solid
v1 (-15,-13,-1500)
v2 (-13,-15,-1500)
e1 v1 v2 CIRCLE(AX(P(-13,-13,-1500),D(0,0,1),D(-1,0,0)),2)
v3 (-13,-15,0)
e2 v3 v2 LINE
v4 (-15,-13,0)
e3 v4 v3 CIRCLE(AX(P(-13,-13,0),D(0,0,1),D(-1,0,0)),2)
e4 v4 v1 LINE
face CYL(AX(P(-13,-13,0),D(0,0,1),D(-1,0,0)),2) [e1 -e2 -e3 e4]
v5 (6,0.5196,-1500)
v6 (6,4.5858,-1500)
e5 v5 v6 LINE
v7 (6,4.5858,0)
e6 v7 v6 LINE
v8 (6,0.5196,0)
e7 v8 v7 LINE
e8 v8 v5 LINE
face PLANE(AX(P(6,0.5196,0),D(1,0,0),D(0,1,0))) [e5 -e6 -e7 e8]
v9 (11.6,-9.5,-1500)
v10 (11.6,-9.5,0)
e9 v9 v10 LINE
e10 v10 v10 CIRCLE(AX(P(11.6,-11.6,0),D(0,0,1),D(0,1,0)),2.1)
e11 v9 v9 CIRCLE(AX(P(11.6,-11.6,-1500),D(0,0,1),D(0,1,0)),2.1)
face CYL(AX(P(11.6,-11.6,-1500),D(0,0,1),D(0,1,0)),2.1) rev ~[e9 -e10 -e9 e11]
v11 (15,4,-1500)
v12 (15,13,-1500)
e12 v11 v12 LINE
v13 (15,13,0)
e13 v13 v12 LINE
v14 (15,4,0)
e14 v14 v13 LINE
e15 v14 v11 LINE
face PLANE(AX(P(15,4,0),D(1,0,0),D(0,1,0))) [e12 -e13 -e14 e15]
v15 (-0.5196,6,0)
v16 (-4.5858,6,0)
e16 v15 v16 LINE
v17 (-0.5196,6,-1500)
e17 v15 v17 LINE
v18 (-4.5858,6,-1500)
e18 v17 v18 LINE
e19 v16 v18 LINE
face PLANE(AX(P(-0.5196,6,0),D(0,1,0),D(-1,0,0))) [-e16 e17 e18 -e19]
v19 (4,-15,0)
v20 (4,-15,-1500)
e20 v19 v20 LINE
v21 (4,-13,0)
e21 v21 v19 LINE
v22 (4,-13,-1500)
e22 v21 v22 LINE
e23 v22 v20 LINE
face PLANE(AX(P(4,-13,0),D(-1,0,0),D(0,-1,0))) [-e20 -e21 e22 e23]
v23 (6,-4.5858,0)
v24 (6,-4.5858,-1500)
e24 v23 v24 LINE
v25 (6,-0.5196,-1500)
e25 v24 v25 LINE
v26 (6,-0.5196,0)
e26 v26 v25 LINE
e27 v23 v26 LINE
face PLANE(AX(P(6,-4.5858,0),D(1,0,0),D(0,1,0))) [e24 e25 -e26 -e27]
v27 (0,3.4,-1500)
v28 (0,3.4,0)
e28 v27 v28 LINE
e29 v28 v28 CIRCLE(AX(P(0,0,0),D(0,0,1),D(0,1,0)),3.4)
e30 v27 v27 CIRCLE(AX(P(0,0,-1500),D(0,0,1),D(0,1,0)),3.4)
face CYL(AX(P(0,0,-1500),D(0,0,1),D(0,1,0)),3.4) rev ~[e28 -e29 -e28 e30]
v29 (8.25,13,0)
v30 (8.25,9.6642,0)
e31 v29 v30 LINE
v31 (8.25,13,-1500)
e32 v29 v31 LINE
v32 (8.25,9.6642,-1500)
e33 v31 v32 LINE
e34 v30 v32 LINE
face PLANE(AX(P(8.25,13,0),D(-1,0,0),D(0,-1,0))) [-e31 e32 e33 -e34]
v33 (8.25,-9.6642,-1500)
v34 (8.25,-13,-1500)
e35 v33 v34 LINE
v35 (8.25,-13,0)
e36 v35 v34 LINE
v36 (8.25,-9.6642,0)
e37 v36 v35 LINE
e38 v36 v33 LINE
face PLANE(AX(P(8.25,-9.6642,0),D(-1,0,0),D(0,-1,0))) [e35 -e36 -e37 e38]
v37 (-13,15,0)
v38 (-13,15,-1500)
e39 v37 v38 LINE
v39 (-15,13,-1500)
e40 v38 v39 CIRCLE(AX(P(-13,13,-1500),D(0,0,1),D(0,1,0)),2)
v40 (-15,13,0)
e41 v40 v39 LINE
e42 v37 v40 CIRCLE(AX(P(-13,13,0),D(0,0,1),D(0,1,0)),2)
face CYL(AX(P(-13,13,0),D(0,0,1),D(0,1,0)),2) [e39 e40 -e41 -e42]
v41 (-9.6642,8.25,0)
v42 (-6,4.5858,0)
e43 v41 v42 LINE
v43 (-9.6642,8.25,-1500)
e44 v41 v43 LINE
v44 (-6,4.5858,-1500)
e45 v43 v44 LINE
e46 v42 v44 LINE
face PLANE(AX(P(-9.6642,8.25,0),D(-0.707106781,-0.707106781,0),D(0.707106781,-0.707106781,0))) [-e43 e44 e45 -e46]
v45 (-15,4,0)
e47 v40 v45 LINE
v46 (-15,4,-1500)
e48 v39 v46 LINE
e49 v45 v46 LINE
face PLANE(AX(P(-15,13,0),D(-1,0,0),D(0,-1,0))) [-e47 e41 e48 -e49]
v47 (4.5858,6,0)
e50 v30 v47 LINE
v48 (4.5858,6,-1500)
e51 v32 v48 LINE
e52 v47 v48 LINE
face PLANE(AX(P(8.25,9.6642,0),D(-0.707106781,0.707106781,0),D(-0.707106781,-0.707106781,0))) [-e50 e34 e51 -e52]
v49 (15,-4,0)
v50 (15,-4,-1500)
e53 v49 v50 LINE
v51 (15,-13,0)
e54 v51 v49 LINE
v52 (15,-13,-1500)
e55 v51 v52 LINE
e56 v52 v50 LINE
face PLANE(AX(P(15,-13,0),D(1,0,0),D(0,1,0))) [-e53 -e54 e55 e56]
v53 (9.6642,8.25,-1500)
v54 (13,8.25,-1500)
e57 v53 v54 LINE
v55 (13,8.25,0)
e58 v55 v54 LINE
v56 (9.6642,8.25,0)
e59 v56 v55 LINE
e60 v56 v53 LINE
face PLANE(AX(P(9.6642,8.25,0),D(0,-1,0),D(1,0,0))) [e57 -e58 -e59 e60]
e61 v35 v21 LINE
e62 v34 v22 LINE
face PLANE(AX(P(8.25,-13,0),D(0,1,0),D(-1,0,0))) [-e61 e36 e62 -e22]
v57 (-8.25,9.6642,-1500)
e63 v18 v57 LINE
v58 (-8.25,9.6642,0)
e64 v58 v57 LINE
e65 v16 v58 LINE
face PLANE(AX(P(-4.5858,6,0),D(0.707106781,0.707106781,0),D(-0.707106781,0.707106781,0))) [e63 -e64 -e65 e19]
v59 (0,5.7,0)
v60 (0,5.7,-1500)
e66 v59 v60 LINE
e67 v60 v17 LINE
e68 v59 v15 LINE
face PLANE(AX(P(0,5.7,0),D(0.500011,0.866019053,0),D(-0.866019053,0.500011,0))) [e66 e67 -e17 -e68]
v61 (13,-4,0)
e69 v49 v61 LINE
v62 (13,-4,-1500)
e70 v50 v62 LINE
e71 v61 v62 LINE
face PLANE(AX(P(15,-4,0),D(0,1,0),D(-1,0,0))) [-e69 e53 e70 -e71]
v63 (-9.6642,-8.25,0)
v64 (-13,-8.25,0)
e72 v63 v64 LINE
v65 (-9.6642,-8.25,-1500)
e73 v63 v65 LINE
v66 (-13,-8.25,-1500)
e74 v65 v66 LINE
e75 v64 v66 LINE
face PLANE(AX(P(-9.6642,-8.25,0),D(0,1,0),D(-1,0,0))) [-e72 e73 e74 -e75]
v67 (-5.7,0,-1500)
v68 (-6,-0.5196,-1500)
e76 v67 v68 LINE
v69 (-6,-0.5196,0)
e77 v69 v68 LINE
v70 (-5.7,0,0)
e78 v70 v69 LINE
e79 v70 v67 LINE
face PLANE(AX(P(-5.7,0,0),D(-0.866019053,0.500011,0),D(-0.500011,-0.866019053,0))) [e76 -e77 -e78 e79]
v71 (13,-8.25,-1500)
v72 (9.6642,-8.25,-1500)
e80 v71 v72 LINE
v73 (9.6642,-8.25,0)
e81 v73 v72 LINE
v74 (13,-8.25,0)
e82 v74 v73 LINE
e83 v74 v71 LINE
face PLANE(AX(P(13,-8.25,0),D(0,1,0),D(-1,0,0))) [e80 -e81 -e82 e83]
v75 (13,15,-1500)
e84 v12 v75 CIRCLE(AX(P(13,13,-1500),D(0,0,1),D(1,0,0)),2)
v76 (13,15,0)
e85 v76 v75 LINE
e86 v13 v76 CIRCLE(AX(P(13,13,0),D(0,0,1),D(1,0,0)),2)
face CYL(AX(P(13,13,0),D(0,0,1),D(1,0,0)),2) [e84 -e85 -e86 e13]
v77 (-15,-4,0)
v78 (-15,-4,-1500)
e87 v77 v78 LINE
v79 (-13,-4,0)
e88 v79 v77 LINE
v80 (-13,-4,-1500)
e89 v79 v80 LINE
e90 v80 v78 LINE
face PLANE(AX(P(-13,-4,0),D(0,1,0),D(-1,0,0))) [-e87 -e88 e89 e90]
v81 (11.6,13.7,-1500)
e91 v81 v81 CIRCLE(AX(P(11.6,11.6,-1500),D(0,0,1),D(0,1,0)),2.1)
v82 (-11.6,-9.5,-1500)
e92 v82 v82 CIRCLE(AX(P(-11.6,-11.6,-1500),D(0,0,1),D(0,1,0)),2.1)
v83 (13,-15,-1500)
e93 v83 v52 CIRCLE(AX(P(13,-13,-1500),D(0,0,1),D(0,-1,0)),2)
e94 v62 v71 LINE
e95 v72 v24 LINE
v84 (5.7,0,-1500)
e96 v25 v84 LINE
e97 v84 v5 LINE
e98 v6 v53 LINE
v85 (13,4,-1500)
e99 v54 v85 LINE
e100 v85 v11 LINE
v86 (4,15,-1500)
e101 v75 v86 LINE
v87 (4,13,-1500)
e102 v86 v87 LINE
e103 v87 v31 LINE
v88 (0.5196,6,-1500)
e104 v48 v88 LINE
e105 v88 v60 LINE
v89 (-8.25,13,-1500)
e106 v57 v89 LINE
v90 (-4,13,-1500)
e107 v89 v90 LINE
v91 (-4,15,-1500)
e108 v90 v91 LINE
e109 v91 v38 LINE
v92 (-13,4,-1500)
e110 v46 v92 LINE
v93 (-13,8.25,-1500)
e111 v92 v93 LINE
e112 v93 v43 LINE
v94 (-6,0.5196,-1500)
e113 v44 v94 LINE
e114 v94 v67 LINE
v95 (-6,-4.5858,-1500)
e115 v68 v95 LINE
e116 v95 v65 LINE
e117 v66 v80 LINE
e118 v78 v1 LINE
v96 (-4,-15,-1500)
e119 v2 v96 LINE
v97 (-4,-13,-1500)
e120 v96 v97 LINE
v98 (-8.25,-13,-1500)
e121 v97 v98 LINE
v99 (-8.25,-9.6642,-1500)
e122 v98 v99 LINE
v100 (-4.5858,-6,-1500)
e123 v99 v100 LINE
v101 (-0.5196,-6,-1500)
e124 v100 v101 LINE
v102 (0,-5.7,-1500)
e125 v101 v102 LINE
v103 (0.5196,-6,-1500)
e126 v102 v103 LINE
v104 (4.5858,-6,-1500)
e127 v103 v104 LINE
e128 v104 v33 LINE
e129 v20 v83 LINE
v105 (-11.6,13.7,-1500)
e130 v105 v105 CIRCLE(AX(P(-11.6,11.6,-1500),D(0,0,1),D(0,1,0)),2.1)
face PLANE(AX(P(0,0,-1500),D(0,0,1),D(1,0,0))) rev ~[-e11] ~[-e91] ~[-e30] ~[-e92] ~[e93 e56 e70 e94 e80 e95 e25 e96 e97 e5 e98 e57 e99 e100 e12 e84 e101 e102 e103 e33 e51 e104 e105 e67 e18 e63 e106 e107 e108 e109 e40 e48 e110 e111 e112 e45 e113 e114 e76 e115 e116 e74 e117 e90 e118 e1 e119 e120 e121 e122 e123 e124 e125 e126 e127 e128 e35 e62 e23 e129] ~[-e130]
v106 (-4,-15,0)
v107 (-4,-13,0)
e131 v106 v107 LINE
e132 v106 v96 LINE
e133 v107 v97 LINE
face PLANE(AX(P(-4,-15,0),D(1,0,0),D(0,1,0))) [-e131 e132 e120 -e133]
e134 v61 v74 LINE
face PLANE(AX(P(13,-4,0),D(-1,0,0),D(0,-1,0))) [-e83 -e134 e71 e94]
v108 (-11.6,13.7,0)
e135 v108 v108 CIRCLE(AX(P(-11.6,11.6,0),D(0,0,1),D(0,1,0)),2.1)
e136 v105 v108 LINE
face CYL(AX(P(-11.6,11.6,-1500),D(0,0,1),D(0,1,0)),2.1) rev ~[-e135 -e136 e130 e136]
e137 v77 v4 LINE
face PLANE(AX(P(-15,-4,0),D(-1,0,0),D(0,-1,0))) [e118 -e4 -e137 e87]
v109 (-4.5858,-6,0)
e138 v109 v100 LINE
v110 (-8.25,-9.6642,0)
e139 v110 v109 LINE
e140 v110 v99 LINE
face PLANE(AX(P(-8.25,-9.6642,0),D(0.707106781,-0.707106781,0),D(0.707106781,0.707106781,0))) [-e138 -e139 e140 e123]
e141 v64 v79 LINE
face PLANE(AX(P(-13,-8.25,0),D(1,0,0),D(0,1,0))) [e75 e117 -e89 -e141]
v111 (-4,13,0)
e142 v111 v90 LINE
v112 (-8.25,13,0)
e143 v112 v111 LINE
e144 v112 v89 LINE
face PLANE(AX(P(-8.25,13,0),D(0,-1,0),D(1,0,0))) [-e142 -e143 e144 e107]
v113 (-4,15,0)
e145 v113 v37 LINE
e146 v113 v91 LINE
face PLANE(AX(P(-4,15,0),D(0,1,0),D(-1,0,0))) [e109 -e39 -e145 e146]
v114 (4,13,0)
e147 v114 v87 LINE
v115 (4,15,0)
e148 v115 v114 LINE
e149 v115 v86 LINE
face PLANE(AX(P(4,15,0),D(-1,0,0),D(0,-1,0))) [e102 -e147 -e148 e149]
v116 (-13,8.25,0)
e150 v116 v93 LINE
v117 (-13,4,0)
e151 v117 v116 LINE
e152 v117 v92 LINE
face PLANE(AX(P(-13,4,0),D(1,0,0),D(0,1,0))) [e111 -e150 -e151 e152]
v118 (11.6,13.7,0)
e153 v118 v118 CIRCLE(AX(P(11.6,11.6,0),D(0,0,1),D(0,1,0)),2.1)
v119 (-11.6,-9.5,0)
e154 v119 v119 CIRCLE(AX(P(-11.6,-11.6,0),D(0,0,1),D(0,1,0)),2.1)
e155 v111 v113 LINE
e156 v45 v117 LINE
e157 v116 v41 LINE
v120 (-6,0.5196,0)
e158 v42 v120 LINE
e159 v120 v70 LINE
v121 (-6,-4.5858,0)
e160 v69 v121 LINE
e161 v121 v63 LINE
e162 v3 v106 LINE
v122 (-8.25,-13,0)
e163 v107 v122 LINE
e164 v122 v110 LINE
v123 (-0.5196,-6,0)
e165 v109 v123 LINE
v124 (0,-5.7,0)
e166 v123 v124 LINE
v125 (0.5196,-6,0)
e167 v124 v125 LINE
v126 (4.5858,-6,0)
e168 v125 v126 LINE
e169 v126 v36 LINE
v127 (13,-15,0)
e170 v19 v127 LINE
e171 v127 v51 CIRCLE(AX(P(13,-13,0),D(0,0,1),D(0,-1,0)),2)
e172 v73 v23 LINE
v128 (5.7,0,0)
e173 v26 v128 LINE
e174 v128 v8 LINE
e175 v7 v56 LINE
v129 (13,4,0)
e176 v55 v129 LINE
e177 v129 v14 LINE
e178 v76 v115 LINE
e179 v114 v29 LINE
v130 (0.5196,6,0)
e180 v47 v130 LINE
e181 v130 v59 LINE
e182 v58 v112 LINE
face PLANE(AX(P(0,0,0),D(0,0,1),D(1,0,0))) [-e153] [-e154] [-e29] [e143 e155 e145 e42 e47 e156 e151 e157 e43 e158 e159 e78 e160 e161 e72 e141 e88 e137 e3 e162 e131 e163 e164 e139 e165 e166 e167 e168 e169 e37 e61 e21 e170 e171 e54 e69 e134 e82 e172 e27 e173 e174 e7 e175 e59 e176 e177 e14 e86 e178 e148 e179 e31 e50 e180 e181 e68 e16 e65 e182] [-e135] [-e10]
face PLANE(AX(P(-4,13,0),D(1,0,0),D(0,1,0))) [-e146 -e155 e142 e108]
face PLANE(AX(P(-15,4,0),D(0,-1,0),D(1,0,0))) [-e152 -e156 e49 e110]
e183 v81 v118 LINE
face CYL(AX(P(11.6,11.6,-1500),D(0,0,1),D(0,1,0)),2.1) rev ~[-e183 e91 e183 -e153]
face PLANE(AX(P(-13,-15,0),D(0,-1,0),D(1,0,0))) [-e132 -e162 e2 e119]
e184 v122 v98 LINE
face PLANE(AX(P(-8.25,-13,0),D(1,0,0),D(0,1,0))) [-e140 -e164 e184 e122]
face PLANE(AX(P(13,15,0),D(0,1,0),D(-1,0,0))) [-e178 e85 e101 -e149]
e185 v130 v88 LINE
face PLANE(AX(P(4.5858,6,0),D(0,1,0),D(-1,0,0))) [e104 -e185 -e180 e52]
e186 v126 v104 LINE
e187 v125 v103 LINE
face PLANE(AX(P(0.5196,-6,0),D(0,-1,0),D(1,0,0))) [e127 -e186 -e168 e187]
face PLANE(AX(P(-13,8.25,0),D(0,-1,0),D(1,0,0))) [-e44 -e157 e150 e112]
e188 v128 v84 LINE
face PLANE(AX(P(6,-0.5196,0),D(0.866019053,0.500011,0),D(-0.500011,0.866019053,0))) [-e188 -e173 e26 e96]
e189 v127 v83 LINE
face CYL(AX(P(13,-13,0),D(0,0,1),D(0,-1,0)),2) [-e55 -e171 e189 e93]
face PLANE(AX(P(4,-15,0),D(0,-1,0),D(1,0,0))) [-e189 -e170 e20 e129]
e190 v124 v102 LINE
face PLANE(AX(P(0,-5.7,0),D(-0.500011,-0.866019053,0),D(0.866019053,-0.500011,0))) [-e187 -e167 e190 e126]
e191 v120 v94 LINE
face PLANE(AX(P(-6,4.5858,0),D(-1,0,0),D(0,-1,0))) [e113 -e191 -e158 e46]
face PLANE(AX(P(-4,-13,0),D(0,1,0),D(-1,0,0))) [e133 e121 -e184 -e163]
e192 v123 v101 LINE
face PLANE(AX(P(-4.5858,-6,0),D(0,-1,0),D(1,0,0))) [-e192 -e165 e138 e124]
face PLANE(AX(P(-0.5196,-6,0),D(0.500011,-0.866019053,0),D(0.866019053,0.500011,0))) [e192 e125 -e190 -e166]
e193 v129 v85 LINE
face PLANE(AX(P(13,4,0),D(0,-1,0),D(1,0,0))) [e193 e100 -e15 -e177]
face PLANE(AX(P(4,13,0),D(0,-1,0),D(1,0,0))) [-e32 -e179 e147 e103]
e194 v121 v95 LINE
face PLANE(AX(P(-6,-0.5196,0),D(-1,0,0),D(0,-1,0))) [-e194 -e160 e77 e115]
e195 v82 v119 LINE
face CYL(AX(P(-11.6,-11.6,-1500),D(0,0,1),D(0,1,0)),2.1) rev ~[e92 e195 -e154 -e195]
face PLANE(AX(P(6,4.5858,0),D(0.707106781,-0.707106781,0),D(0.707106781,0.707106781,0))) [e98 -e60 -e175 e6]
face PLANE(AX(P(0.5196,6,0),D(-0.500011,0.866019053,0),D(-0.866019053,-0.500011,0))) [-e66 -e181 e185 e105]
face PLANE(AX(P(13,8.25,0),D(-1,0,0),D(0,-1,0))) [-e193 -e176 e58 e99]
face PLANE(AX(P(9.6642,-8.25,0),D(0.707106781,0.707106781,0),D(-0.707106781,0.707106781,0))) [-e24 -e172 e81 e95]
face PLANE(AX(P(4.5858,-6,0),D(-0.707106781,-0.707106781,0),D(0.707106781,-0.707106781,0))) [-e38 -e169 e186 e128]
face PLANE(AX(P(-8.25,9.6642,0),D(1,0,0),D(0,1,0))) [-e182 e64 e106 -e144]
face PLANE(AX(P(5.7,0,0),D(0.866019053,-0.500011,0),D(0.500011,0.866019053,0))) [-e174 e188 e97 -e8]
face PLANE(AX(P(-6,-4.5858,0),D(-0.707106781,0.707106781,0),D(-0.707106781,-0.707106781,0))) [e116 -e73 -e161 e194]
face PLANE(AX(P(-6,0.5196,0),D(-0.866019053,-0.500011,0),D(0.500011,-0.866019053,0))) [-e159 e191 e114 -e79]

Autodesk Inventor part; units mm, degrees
sketch "Sketch_1" plane through (0, 0, 0) normal (0, 0, 1) x (1, 0, 0)
  line L0 (-15, -4) -> (-15, -13)
  arc A0 (-15, -13) -> (-13, -15) centre (-13, -13) ccw
  line L1 (-13, -15) -> (-4, -15)
  line L2 (-4, -15) -> (-4, -13)
  line L3 (-4, -13) -> (-8.25, -13)
  line L4 (-8.25, -13) -> (-8.25, -9.6642)
  line L5 (-8.25, -9.6642) -> (-4.5858, -6)
  line L6 (-4.5858, -6) -> (-0.5196, -6)
  line L7 (-0.5196, -6) -> (0, -5.7)
  line L8 (0, -5.7) -> (0.5196, -6)
  line L9 (0.5196, -6) -> (4.5858, -6)
  line L10 (4.5858, -6) -> (8.25, -9.6642)
  line L11 (8.25, -9.6642) -> (8.25, -13)
  line L12 (8.25, -13) -> (4, -13)
  line L13 (4, -13) -> (4, -15)
  line L14 (4, -15) -> (13, -15)
  arc A1 (13, -15) -> (15, -13) centre (13, -13) ccw
  line L15 (15, -13) -> (15, -4)
  line L16 (15, -4) -> (13, -4)
  line L17 (13, -4) -> (13, -8.25)
  line L18 (13, -8.25) -> (9.6642, -8.25)
  line L19 (9.6642, -8.25) -> (6, -4.5858)
  line L20 (6, -4.5858) -> (6, -0.5196)
  line L21 (6, -0.5196) -> (5.7, 0)
  line L22 (5.7, 0) -> (6, 0.5196)
  line L23 (6, 0.5196) -> (6, 4.5858)
  line L24 (6, 4.5858) -> (9.6642, 8.25)
  line L25 (9.6642, 8.25) -> (13, 8.25)
  line L26 (13, 8.25) -> (13, 4)
  line L27 (13, 4) -> (15, 4)
  line L28 (15, 4) -> (15, 13)
  arc A2 (15, 13) -> (13, 15) centre (13, 13) ccw
  line L29 (13, 15) -> (4, 15)
  line L30 (4, 15) -> (4, 13)
  line L31 (4, 13) -> (8.25, 13)
  line L32 (8.25, 13) -> (8.25, 9.6642)
  line L33 (8.25, 9.6642) -> (4.5858, 6)
  line L34 (4.5858, 6) -> (0.5196, 6)
  line L35 (0.5196, 6) -> (0, 5.7)
  line L36 (0, 5.7) -> (-0.5196, 6)
  line L37 (-0.5196, 6) -> (-4.5858, 6)
  line L38 (-4.5858, 6) -> (-8.25, 9.6642)
  line L39 (-8.25, 9.6642) -> (-8.25, 13)
  line L40 (-8.25, 13) -> (-4, 13)
  line L41 (-4, 13) -> (-4, 15)
  line L42 (-4, 15) -> (-13, 15)
  arc A3 (-13, 15) -> (-15, 13) centre (-13, 13) ccw
  line L43 (-15, 13) -> (-15, 4)
  line L44 (-15, 4) -> (-13, 4)
  line L45 (-13, 4) -> (-13, 8.25)
  line L46 (-13, 8.25) -> (-9.6642, 8.25)
  line L47 (-9.6642, 8.25) -> (-6, 4.5858)
  line L48 (-6, 4.5858) -> (-6, 0.5196)
  line L49 (-6, 0.5196) -> (-5.7, 0)
  line L50 (-5.7, 0) -> (-6, -0.5196)
  line L51 (-6, -0.5196) -> (-6, -4.5858)
  line L52 (-6, -4.5858) -> (-9.6642, -8.25)
  line L53 (-9.6642, -8.25) -> (-13, -8.25)
  line L54 (-13, -8.25) -> (-13, -4)
  line L55 (-13, -4) -> (-15, -4)
extrude "Extrusion1" add sketch "Sketch_1" against normal blind 1500
sketch "Sketch2" plane through (0, 0, -1500) normal (0, 0, -1) x (-1, 0, 0)
  point P0 (0, 0)
hole "Hole1" at (0, 0, -1500) direction (0, 0, 1) diameter 6.8 depth 1500
sketch "Sketch3" plane through (0, 0, -1500) normal (0, 0, -1) x (-1, 0, 0)
  point P0 (-11.6, 11.6)
hole "Hole2" at (11.6, 11.6, -1500) direction (0, 0, 1) diameter 4.2 depth 1500
pattern_linear "Rectangular Pattern1" count 2 spacing 23.2 along (-1, 0, 0) count 2 spacing 23.2 along (0, -1, 0) of "Hole2"
ref_plane "C1_XY" through (0, 0, 0) normal (0, 0, 1) x (1, 0, 0)
ref_plane "C1_YZ" through (0, 0, 0) normal (1, 0, 0) x (0, 1, 0)
ref_plane "C1_ZX" through (0, 0, 0) normal (0, 1, 0) x (0, 0, 1)
ref_plane "to_frame_cap1_XY" through (0, 0, 0) normal (0, 0, 1) x (1, 0, 0)
ref_plane "to_frame_cap1_YZ" through (0, 0, 0) normal (1, 0, 0) x (0, 1, 0)
ref_plane "to_frame_cap1_ZX" through (0, 0, 0) normal (0, 1, 0) x (0, 0, 1)
ref_plane "to_frame_cap2_XY" through (0, 0, -1500) normal (0, 0, -1) x (1, 0, 0)
ref_plane "to_frame_cap2_YZ" through (0, 0, -1500) normal (1, 0, 0) x (0, -1, 0)
ref_plane "to_frame_cap2_ZX" through (0, 0, -1500) normal (0, -1, 0) x (0, 0, -1)
properties part number "HFS6-3030-1500"
